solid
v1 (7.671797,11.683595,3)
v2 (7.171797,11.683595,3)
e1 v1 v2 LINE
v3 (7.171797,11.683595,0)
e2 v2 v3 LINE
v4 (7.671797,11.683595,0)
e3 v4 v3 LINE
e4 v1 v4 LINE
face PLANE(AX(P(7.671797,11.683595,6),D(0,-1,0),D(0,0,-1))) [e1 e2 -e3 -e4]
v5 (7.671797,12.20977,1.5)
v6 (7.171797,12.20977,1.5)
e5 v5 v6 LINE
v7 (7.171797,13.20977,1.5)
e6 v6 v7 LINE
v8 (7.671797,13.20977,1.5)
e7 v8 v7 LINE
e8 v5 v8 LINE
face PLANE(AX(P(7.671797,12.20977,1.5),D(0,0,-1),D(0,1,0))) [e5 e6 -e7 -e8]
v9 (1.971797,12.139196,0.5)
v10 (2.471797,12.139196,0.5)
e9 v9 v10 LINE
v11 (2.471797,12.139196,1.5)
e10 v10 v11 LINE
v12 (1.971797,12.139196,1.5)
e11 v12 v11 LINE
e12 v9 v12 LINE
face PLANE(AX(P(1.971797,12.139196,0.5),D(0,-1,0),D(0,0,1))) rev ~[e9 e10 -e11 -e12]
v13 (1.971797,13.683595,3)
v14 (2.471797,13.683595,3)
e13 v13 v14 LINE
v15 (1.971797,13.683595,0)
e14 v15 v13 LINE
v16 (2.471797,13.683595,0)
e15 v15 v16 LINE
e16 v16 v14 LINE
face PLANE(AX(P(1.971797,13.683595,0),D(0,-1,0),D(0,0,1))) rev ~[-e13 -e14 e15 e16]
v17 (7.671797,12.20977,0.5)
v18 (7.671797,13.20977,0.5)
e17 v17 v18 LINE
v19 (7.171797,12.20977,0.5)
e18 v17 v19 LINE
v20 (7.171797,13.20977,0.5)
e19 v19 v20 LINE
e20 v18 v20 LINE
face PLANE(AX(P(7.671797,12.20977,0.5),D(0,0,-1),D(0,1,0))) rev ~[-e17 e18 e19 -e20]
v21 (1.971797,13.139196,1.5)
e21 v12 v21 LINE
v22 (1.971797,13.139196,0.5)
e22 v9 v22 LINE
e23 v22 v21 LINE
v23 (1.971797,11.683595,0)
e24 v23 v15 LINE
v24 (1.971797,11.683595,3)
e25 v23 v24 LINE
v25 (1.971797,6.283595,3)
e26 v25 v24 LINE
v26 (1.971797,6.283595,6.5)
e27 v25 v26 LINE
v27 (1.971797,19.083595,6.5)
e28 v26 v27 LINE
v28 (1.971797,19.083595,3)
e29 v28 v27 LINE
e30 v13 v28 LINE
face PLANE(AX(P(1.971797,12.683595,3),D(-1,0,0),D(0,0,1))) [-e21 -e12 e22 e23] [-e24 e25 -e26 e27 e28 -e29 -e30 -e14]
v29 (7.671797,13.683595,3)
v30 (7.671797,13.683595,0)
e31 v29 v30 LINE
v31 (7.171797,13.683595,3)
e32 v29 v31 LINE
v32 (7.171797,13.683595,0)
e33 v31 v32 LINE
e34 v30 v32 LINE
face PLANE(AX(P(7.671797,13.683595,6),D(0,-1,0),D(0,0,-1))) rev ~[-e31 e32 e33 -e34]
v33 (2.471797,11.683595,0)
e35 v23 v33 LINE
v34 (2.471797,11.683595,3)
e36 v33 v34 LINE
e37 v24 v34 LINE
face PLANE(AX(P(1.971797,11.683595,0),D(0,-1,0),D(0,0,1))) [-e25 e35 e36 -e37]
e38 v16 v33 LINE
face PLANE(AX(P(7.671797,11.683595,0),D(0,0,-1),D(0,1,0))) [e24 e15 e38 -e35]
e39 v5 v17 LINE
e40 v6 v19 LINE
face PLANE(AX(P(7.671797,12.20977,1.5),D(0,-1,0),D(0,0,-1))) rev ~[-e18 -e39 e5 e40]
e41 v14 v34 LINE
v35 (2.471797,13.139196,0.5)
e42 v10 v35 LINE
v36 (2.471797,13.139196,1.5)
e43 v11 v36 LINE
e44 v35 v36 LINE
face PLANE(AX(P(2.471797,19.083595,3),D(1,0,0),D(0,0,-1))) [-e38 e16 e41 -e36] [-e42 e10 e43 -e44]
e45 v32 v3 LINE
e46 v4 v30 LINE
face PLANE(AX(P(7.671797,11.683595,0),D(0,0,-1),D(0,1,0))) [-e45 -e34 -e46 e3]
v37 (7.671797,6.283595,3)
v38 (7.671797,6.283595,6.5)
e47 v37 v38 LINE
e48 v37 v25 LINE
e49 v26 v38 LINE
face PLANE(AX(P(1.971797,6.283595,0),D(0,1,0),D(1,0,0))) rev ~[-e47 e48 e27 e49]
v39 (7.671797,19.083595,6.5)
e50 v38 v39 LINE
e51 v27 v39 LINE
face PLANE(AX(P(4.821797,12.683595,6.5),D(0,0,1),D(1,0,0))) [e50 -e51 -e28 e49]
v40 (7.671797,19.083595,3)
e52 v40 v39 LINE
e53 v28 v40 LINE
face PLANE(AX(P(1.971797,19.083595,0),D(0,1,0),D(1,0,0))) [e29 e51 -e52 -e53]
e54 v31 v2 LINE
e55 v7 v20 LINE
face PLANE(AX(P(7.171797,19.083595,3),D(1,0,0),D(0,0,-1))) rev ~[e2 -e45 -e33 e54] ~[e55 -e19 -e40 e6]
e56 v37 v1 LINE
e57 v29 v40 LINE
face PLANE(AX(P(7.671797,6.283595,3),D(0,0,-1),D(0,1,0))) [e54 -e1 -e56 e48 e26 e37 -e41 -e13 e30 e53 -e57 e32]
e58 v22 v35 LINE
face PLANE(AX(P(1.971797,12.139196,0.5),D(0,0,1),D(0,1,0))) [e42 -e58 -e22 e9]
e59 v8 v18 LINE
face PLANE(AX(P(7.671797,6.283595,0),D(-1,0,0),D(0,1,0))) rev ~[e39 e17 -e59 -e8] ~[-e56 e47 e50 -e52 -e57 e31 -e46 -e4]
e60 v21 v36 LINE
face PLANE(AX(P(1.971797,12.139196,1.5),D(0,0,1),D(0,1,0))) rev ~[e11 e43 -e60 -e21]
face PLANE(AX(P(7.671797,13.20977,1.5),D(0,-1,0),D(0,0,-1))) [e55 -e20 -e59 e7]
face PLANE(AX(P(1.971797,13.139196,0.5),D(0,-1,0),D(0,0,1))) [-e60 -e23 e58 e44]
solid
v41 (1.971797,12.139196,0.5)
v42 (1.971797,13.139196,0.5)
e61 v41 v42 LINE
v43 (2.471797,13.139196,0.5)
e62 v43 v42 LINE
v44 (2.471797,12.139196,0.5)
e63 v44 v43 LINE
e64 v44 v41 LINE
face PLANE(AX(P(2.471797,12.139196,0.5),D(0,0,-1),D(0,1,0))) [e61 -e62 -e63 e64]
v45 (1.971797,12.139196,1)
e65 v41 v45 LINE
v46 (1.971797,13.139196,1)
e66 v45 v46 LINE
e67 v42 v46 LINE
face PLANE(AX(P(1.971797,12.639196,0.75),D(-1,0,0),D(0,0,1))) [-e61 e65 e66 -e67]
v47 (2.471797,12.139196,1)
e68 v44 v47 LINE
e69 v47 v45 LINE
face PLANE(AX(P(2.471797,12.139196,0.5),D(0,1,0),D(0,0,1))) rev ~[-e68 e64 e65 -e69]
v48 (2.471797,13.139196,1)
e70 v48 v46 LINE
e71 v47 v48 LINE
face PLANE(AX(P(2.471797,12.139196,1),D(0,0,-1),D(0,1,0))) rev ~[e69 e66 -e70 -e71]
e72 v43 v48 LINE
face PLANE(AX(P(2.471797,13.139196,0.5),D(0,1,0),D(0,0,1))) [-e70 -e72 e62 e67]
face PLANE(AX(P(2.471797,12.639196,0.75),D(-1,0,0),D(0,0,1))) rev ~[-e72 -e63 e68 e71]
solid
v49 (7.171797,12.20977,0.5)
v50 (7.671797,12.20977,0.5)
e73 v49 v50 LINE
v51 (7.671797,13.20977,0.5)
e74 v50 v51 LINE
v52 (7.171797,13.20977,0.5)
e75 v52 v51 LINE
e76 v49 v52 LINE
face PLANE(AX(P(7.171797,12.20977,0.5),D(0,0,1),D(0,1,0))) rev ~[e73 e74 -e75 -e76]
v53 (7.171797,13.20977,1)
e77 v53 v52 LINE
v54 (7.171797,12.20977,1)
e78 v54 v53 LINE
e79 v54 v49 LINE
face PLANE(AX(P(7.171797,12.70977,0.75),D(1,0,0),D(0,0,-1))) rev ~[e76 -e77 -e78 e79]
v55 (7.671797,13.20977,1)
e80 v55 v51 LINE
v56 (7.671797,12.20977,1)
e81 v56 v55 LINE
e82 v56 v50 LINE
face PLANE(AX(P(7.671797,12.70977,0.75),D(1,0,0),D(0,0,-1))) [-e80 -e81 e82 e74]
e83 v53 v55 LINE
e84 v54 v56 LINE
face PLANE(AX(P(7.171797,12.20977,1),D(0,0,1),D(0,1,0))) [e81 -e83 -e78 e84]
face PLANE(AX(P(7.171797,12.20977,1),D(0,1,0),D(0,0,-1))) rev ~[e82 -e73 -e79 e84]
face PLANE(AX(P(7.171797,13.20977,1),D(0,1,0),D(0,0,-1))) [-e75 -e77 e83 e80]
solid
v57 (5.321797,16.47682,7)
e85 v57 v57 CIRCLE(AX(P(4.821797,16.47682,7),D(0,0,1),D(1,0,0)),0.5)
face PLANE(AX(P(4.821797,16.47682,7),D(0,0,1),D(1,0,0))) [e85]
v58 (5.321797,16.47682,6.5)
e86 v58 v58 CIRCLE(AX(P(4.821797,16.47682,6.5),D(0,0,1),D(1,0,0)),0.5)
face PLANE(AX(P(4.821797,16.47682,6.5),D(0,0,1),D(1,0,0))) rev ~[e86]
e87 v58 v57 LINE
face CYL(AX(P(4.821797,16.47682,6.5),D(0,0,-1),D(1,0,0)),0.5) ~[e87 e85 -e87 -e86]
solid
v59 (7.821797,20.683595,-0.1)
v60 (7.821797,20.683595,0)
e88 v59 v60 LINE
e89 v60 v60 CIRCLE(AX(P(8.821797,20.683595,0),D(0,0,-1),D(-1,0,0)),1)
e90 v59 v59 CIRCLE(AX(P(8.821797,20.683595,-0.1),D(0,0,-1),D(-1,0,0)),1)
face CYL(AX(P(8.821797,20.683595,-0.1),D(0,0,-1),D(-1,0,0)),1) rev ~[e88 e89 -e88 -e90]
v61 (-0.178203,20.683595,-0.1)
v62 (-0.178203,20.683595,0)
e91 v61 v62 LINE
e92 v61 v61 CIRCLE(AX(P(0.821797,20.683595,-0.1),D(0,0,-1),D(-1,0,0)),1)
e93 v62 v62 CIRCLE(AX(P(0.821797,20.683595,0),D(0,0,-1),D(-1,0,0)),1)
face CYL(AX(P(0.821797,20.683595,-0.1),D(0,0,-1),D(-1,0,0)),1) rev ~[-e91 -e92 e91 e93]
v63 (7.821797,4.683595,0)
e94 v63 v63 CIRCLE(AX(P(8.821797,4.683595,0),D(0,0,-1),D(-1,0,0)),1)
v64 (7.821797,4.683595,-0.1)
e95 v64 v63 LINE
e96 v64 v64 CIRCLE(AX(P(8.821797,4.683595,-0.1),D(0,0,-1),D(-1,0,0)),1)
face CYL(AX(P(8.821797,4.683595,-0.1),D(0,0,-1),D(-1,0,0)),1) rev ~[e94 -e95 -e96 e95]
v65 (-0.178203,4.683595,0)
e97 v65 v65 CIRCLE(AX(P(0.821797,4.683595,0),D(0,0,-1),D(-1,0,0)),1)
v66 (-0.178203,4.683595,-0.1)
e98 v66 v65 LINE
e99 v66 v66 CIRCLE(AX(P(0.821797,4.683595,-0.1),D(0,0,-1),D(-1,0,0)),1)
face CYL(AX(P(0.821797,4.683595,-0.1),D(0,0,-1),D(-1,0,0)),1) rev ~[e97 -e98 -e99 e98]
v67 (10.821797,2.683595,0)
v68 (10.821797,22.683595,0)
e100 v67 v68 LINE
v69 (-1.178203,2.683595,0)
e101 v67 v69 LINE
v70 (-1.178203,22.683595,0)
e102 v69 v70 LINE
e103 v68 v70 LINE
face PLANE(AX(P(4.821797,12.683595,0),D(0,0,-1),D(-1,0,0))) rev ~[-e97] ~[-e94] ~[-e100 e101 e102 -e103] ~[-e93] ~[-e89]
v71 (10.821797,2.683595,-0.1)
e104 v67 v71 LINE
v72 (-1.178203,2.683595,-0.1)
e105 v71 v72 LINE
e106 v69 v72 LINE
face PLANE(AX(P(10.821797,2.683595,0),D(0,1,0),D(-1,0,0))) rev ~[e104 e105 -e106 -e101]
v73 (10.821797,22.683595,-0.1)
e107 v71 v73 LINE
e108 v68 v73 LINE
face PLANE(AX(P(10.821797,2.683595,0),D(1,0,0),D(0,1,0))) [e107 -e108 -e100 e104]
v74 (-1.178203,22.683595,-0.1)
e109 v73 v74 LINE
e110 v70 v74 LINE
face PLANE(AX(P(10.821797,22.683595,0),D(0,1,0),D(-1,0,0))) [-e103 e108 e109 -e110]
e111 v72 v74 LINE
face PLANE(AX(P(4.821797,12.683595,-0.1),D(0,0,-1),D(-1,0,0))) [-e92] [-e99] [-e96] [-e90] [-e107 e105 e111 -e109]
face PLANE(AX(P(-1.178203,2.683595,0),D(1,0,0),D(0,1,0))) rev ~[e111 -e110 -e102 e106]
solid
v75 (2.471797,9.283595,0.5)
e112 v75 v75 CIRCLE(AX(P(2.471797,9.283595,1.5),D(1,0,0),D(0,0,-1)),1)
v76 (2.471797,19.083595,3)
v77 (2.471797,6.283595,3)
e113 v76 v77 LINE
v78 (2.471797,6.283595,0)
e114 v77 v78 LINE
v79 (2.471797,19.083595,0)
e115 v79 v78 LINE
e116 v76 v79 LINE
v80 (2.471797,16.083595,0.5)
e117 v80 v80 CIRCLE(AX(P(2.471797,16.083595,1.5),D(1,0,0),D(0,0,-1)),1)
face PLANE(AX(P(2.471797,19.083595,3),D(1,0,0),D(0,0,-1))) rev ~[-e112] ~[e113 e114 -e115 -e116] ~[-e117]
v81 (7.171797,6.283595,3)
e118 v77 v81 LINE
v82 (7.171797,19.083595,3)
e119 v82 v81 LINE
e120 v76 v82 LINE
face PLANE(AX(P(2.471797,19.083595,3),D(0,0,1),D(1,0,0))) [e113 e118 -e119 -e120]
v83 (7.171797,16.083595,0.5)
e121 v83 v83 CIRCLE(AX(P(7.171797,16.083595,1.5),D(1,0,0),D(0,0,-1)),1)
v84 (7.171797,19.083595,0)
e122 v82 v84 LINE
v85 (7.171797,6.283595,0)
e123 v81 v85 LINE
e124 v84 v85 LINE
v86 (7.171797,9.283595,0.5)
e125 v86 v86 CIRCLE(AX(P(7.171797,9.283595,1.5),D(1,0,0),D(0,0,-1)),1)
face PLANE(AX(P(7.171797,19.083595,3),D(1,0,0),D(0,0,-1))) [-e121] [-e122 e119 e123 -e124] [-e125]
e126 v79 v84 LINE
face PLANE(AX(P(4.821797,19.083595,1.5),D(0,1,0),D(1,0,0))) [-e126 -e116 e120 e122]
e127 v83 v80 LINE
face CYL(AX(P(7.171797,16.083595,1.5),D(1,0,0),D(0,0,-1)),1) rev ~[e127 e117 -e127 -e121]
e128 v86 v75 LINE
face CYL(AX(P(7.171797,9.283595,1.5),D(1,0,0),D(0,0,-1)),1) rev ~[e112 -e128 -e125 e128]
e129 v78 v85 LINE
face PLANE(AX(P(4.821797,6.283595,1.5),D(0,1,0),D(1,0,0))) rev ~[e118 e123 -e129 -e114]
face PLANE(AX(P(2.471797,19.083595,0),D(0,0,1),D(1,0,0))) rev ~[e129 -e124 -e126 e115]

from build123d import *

# Parameters (mm, degrees)
SKETCH1_W            = 5.7
SKETCH1_H            = 12.8
BOSS_EXTRUDE2_DEPTH  = 6.5
SKETCH3_R            = 0.575
BOSS_EXTRUDE3_DEPTH  = 0.5
SKETCH7_W            = 3
SKETCH7_H            = 12.8
CUT_EXTRUDE1_DEPTH   = 0.5
SKETCH8_W            = 3
SKETCH8_H            = 12.8
CUT_EXTRUDE2_DEPTH   = 0.5
SKETCH9_R            = 1
CUT_EXTRUDE3_DEPTH   = 6.2
SKETCH10_W           = 6
SKETCH10_H           = 2
BOSS_EXTRUDE4_DEPTH  = 0.5
SKETCH11_W           = 6
SKETCH11_H           = 2
BOSS_EXTRUDE6_DEPTH  = 0.5
SKETCH13_W           = 4.7
SKETCH13_H           = 3
CUT_EXTRUDE4_DEPTH   = 13.8
SKETCH16_W           = 4.7
SKETCH16_H           = 3
BOSS_EXTRUDE8_DEPTH  = 12.8
SKETCH17_R           = 1
CUT_EXTRUDE5_DEPTH   = 6.2
SKETCH18_R           = 0.575
CUT_EXTRUDE6_DEPTH   = 0.5
SKETCH19_R           = 0.5
BOSS_EXTRUDE9_DEPTH  = 0.5
SKETCH20_W           = 1
SKETCH20_H           = 1
CUT_EXTRUDE8_DEPTH   = 0.5
SKETCH21_W           = 0.5
SKETCH21_H           = 1
BOSS_EXTRUDE11_DEPTH = 0.5
SKETCH22_W           = 1
SKETCH22_H           = 1
CUT_EXTRUDE9_DEPTH   = 0.5
SKETCH23_W           = 0.5
SKETCH23_H           = 1
BOSS_EXTRUDE13_DEPTH = 0.5
SKETCH28_W           = 12
SKETCH28_H           = 20
BOSS_EXTRUDE15_DEPTH = 0.1
SKETCH29_R           = 1
CUT_EXTRUDE10_DEPTH  = 10.1


with BuildPart() as part:
    # Sketch1 → Boss-Extrude2 (new body)
    with BuildSketch(Plane.XY):
        with Locations((4.821797151, 12.683595414)):
            Rectangle(SKETCH1_W, SKETCH1_H)
    extrude(amount=BOSS_EXTRUDE2_DEPTH)

    # Sketch3 → Boss-Extrude3 (add)
    with BuildSketch(Plane.XY.offset(6.5)):
        with Locations((4.821797151, 16.601773498)):
            Circle(SKETCH3_R)
    extrude(amount=BOSS_EXTRUDE3_DEPTH)

    # Sketch7 → Cut-Extrude1 (cut)
    with BuildSketch(Plane(origin=(7.671797151, 0, 0), x_dir=(0, 0, -1), z_dir=(1, 0, 0))):
        with Locations((-1.5, 12.683595414)):
            Rectangle(SKETCH7_W, SKETCH7_H)
    extrude(amount=-CUT_EXTRUDE1_DEPTH, mode=Mode.SUBTRACT)

    # Sketch8 → Cut-Extrude2 (cut)
    with BuildSketch(Plane.ZY.offset(-1.971797151)):
        with Locations((1.5, 12.683595414)):
            Rectangle(SKETCH8_W, SKETCH8_H)
    extrude(amount=-CUT_EXTRUDE2_DEPTH, mode=Mode.SUBTRACT)

    # Sketch9 → Cut-Extrude3 (cut, through all)
    with BuildSketch(Plane(origin=(7.171797151, 0, 0), x_dir=(0, 0, -1), z_dir=(1, 0, 0))):
        with Locations((-1.661401628, 9.783595414)):
            Circle(SKETCH9_R)
        with Locations((-1.661401628, 15.583595414)):
            Circle(SKETCH9_R)
    extrude(amount=-CUT_EXTRUDE3_DEPTH, mode=Mode.SUBTRACT)

    # Sketch10 → Boss-Extrude4 (add)
    with BuildSketch(Plane.ZY.offset(-1.971797151)):
        with Locations((3, 12.683595414)):
            Rectangle(SKETCH10_W, SKETCH10_H)
    extrude(amount=-BOSS_EXTRUDE4_DEPTH)

    # Sketch11 → Boss-Extrude6 (add)
    with BuildSketch(Plane(origin=(7.671797151, 0, 0), x_dir=(0, 0, -1), z_dir=(1, 0, 0))):
        with Locations((-3, 12.683595414)):
            Rectangle(SKETCH11_W, SKETCH11_H)
    extrude(amount=-BOSS_EXTRUDE6_DEPTH)

    # Sketch13 → Cut-Extrude4 (cut, through all)
    with BuildSketch(Plane(origin=(0, 19.083595414, 0), x_dir=(1, 0, 0), z_dir=(0, 1, 0))):
        with Locations((4.821797151, -1.5)):
            Rectangle(SKETCH13_W, SKETCH13_H)
    extrude(amount=-CUT_EXTRUDE4_DEPTH, mode=Mode.SUBTRACT)

    # Sketch18 → Cut-Extrude6 (cut)
    with BuildSketch(Plane.XY.offset(7)):
        with Locations((4.821797151, 16.601773498)):
            Circle(SKETCH18_R)
    extrude(amount=-CUT_EXTRUDE6_DEPTH, mode=Mode.SUBTRACT)

    # Sketch20 → Cut-Extrude8 (cut)
    with BuildSketch(Plane(origin=(7.671797151, 0, 0), x_dir=(0, 0, -1), z_dir=(1, 0, 0))):
        with Locations((-1, 12.709770328)):
            Rectangle(SKETCH20_W, SKETCH20_H)
    extrude(amount=-CUT_EXTRUDE8_DEPTH, mode=Mode.SUBTRACT)

    # Sketch22 → Cut-Extrude9 (cut)
    with BuildSketch(Plane.ZY.offset(-1.971797151)):
        with Locations((1, 12.639196458)):
            Rectangle(SKETCH22_W, SKETCH22_H)
    extrude(amount=-CUT_EXTRUDE9_DEPTH, mode=Mode.SUBTRACT)


with BuildPart() as body_2:
    # Sketch16 → Boss-Extrude8 (new body)
    with BuildSketch(Plane(origin=(0, 19.083595414, 0), x_dir=(1, 0, 0), z_dir=(0, 1, 0))):
        with Locations((4.821797151, -1.5)):
            Rectangle(SKETCH16_W, SKETCH16_H)
    extrude(amount=-BOSS_EXTRUDE8_DEPTH)

    # Sketch17 → Cut-Extrude5 (cut, through all)
    with BuildSketch(Plane(origin=(7.171797151, 0, 0), x_dir=(0, 0, -1), z_dir=(1, 0, 0))):
        with Locations((-1.5, 16.083595414)):
            Circle(SKETCH17_R)
        with Locations((-1.5, 9.283595414)):
            Circle(SKETCH17_R)
    extrude(amount=-CUT_EXTRUDE5_DEPTH, mode=Mode.SUBTRACT)


with BuildPart() as body_3:
    # Sketch19 → Boss-Extrude9 (new body)
    with BuildSketch(Plane.XY.offset(6.5)):
        with Locations((4.821797151, 16.476820211)):
            Circle(SKETCH19_R)
    extrude(amount=BOSS_EXTRUDE9_DEPTH)


with BuildPart() as body_4:
    # Sketch21 → Boss-Extrude11 (new body)
    with BuildSketch(Plane(origin=(7.171797151, 0, 0), x_dir=(0, 0, -1), z_dir=(1, 0, 0))):
        with Locations((-0.75, 12.709770328)):
            Rectangle(SKETCH21_W, SKETCH21_H)
    extrude(amount=BOSS_EXTRUDE11_DEPTH)


with BuildPart() as body_5:
    # Sketch23 → Boss-Extrude13 (new body)
    with BuildSketch(Plane.ZY.offset(-2.471797151)):
        with Locations((0.75, 12.639196458)):
            Rectangle(SKETCH23_W, SKETCH23_H)
    extrude(amount=BOSS_EXTRUDE13_DEPTH)


with BuildPart() as body_6:
    # Sketch28 → Boss-Extrude15 (new body)
    with BuildSketch(Plane(origin=(0, 0, 0), x_dir=(-1, 0, 0), z_dir=(0, 0, -1))):
        with Locations((-4.821797151, 12.683595414)):
            Rectangle(SKETCH28_W, SKETCH28_H)
    extrude(amount=BOSS_EXTRUDE15_DEPTH)

    # Sketch29 → Cut-Extrude10 (cut)
    with BuildSketch(Plane(origin=(0, 0, -0.1), x_dir=(-1, 0, 0), z_dir=(0, 0, -1))):
        with Locations((-8.821797151, 20.683595414)):
            Circle(SKETCH29_R)
        with Locations((-8.821797151, 4.683595414)):
            Circle(SKETCH29_R)
        with Locations((-0.821797151, 4.683595414)):
            Circle(SKETCH29_R)
        with Locations((-0.821797151, 20.683595414)):
            Circle(SKETCH29_R)
    extrude(amount=-CUT_EXTRUDE10_DEPTH, mode=Mode.SUBTRACT)


solid = Compound([part.part, body_2.part, body_3.part, body_4.part, body_5.part, body_6.part])
